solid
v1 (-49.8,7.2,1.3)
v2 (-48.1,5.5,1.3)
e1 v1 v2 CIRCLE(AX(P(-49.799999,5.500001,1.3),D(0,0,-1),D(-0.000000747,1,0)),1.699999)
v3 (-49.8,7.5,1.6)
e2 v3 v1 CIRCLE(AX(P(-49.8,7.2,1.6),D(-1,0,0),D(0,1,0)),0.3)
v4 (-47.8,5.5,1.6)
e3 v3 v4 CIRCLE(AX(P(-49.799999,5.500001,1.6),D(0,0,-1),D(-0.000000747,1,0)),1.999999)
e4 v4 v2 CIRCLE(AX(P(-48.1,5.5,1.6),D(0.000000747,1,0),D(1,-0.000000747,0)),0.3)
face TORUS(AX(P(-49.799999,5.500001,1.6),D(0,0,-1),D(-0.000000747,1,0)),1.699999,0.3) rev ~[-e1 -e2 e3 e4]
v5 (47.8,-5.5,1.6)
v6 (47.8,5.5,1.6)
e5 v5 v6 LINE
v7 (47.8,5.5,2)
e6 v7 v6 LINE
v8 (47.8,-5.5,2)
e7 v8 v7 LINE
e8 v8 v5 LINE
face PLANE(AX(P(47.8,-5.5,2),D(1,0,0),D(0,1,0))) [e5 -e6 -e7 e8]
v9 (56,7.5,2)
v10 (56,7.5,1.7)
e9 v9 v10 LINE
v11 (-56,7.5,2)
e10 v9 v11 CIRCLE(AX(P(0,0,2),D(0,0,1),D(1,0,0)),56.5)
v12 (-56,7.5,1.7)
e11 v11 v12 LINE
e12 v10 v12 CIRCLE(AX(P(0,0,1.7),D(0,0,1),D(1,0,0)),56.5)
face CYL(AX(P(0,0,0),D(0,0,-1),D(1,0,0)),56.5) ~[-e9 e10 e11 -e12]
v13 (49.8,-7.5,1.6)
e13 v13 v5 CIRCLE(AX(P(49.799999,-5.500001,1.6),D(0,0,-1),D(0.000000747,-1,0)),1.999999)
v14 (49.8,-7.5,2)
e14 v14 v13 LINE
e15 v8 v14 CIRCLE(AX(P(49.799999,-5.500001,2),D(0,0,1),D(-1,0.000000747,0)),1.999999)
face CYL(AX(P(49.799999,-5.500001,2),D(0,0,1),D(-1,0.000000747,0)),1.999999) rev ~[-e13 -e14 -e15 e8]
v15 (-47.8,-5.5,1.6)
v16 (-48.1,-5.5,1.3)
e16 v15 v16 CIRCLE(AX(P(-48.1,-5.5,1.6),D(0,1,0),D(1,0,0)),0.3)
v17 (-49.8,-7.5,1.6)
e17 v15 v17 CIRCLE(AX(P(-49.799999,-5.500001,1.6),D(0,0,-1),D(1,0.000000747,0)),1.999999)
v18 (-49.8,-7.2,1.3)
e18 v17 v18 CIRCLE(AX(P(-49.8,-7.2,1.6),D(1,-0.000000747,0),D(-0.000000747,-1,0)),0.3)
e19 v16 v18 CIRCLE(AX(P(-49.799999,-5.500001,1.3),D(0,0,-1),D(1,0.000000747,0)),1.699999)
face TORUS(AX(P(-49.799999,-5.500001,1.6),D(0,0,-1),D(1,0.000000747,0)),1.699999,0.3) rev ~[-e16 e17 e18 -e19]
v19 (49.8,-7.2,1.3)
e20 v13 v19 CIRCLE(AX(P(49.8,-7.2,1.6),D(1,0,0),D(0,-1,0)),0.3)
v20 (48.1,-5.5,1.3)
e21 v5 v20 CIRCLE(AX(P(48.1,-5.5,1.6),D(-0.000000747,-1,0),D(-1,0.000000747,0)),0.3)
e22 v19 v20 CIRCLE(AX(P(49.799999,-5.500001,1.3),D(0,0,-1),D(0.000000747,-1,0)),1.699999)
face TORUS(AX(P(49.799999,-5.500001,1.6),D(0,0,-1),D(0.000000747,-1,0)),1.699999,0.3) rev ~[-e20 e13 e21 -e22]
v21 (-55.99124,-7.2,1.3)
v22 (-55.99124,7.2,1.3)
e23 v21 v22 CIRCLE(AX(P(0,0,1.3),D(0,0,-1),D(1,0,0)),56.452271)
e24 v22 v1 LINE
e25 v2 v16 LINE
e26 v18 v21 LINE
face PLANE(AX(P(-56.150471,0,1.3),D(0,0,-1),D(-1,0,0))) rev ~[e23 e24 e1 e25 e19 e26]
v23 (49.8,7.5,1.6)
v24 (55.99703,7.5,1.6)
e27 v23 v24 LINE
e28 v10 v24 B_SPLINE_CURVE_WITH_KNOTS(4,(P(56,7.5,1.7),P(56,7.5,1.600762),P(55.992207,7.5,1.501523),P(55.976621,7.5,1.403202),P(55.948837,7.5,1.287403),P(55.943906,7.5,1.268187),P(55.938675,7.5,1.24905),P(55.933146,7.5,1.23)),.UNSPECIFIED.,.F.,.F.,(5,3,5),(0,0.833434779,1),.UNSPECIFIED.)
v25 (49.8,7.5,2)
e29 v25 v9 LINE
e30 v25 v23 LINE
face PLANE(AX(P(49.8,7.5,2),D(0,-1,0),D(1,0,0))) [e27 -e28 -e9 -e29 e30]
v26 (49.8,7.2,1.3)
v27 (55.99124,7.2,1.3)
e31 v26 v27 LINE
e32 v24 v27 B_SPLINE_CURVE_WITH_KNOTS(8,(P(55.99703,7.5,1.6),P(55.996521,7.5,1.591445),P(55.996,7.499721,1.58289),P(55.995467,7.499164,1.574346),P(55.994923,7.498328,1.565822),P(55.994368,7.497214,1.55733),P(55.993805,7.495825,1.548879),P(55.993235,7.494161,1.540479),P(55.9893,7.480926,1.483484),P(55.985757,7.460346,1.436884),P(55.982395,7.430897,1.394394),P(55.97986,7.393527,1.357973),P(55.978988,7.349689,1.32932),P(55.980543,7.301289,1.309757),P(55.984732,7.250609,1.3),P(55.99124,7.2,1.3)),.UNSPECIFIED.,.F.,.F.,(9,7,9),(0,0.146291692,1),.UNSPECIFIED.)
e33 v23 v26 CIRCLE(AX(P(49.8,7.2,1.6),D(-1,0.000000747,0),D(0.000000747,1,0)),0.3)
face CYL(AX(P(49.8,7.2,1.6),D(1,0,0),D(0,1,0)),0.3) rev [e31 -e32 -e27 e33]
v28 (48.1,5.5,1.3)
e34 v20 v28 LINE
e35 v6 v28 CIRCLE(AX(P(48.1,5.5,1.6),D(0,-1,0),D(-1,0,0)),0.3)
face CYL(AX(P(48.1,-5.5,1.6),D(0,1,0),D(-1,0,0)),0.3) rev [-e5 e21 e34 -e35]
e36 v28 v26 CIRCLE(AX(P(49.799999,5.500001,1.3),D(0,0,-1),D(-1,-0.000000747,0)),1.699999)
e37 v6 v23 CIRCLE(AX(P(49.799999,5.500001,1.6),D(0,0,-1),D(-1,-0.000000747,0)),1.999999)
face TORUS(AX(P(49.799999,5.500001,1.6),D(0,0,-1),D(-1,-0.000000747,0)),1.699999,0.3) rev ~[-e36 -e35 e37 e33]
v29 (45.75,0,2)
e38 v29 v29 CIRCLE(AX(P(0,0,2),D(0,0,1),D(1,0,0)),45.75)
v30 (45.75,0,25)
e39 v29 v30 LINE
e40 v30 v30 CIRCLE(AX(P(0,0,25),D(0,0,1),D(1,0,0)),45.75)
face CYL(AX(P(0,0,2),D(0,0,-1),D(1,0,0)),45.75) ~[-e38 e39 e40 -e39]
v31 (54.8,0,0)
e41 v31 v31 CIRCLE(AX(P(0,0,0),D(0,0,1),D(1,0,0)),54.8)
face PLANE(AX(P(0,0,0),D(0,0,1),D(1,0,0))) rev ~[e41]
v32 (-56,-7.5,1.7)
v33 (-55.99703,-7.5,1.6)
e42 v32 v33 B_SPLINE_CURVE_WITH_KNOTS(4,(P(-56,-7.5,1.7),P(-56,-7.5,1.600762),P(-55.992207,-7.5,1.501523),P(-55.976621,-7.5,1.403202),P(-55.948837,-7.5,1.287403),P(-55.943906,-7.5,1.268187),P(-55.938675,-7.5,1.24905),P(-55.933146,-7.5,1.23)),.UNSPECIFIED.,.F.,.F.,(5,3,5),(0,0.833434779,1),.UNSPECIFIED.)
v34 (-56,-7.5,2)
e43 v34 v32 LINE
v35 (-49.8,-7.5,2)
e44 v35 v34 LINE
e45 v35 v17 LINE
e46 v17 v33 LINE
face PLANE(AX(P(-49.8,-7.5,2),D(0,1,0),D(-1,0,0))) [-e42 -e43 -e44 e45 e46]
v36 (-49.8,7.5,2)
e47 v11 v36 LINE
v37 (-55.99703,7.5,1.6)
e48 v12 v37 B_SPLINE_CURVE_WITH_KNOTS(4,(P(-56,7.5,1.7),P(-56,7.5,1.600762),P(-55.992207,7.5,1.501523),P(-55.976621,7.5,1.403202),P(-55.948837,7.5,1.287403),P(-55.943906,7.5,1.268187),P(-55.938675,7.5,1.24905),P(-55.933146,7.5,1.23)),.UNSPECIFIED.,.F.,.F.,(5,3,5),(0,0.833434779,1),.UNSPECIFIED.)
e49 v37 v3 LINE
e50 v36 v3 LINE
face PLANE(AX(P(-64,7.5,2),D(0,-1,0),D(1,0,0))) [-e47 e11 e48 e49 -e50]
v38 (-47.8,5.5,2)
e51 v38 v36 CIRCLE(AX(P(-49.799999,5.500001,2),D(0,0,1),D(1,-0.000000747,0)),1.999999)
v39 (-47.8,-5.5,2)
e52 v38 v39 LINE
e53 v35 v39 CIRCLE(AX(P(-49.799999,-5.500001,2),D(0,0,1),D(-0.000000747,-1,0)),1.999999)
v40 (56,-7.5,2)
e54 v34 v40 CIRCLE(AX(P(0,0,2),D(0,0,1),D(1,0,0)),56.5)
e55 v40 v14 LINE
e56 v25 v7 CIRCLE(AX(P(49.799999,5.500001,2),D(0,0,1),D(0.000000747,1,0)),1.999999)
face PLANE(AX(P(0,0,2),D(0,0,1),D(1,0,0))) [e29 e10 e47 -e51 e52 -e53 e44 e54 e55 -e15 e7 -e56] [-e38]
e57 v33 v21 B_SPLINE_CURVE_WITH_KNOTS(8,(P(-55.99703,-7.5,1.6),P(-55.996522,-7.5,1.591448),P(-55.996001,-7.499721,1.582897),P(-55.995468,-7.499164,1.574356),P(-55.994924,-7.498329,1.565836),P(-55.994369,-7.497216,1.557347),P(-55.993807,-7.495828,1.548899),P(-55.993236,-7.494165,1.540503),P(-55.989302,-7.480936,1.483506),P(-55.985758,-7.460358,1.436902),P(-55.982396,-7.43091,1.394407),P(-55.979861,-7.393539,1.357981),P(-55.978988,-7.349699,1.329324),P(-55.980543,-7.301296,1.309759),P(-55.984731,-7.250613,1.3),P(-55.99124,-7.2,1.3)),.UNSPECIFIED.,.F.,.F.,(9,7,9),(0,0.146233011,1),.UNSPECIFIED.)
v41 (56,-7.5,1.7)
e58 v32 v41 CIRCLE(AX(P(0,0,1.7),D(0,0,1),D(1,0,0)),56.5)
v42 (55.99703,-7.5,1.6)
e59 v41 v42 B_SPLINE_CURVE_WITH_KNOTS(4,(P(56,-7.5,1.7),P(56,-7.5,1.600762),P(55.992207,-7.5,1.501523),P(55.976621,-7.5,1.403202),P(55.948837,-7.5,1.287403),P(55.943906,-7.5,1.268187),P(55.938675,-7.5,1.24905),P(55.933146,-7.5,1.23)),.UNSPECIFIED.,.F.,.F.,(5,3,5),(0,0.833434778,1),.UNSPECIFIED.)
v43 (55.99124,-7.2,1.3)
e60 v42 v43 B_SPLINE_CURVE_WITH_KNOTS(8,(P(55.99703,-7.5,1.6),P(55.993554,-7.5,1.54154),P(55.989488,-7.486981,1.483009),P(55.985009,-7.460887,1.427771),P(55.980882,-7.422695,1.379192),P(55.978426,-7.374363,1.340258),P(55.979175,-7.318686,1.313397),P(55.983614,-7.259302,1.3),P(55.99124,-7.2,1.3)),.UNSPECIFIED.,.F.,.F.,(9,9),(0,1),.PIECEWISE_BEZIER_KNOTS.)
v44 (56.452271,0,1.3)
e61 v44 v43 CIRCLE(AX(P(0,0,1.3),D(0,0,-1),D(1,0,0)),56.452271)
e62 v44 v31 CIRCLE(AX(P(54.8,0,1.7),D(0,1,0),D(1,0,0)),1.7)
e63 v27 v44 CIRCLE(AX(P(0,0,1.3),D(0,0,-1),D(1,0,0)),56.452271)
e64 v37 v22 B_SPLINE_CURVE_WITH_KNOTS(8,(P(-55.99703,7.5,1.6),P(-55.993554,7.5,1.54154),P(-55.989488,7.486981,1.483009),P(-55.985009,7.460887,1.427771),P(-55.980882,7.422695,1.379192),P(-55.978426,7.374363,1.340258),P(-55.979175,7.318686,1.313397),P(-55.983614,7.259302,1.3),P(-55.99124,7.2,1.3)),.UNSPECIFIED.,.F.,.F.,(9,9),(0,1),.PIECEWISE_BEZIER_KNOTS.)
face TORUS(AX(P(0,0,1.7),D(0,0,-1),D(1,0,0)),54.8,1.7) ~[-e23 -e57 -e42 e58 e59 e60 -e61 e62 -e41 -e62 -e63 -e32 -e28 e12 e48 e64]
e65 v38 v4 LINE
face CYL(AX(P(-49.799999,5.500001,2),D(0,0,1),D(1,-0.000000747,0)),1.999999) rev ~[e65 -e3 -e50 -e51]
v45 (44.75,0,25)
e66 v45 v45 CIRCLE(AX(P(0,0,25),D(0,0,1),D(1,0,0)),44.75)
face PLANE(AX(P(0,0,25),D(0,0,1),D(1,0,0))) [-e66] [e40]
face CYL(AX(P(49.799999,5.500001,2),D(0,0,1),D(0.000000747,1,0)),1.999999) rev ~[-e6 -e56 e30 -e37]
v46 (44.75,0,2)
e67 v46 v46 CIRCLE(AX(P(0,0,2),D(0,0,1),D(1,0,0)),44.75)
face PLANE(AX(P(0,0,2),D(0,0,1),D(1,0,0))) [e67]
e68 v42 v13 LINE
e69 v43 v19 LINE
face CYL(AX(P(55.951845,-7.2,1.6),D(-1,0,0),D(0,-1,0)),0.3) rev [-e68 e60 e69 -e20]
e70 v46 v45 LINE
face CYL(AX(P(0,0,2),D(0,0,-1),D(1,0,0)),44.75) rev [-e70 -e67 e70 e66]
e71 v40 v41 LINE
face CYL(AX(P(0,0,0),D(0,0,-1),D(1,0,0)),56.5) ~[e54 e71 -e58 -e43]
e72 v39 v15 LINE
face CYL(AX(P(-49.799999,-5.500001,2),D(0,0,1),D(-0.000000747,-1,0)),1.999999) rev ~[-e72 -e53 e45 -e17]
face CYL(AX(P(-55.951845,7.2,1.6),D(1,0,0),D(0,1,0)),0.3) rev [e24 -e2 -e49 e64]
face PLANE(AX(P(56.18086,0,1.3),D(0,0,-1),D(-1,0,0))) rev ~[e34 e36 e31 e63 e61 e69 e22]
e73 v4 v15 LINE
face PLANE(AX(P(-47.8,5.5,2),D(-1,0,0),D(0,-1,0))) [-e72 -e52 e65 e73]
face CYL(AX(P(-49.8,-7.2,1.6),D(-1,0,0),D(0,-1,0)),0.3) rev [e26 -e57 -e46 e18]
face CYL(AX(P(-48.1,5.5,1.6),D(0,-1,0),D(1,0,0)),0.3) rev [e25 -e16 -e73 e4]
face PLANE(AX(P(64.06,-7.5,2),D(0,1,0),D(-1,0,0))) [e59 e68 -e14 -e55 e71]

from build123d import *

# Parameters (mm, degrees)
SKETCH_R      = 56.5
PAD_DEPTH     = 2
FILLET_R      = 1.7
SKETCH001_R   = 45.75
SKETCH001_R_2 = 44.75
PAD001_DEPTH  = 23
POCKET_DEPTH  = 0.7
FILLET001_R   = 0.3


with BuildPart() as part:
    # Sketch → Pad (new body)
    with BuildSketch(Plane.XY):
        Circle(SKETCH_R)
    extrude(amount=PAD_DEPTH)

    # Fillet
    fillet_edges = [part.edges().sort_by_distance(p)[0] for p in [
        (-56.5, 0, 0),
    ]]
    fillet(fillet_edges, radius=FILLET_R)

    # Sketch001 (on Face3 of Fillet) → Pad001 (join)
    with BuildSketch(Plane.XY.offset(2)):
        Circle(SKETCH001_R)
        Circle(SKETCH001_R_2, mode=Mode.SUBTRACT)
    extrude(amount=PAD001_DEPTH)

    # Sketch002 (on Face3 of Pad001) → Pocket (cut)
    with BuildSketch(Plane.XY.offset(2)):
        with BuildLine():
            Line((-64, 7.5), (-49.8, 7.5))
            ThreePointArc((-47.8, 5.5), (-48.385786, 6.914214), (-49.8, 7.5))
            Line((-47.8, 5.5), (-47.8, -5.5))
            ThreePointArc((-49.8, -7.5), (-48.385786, -6.914214), (-47.8, -5.5))
            Line((-49.8, -7.5), (-64, -7.5))
            Line((-64, -7.5), (-64, 7.5))
        make_face()
        with BuildLine():
            Line((49.8, 7.5), (64.06, 7.5))
            Line((64.06, 7.5), (64.06, -7.5))
            Line((64.06, -7.5), (49.8, -7.5))
            ThreePointArc((47.8, -5.5), (48.385786, -6.914214), (49.8, -7.5))
            Line((47.8, -5.5), (47.8, 5.5))
            ThreePointArc((49.8, 7.5), (48.385786, 6.914214), (47.8, 5.5))
        make_face()
    extrude(amount=-POCKET_DEPTH, mode=Mode.SUBTRACT)

    # Fillet001
    fillet001_edges = [part.edges().sort_by_distance(p)[0] for p in [
        (52.875922, 7.5, 1.3),
        (48.385786, 6.914214, 1.3),
        (47.8, 0, 1.3),
        (48.385786, -6.914214, 1.3),
        (52.875922, -7.5, 1.3),
        (-52.875922, 7.5, 1.3),
        (-48.385786, 6.914214, 1.3),
        (-47.8, 0, 1.3),
        (-48.385786, -6.914214, 1.3),
        (-52.875922, -7.5, 1.3),
    ]]
    fillet(fillet001_edges, radius=FILLET001_R)


solid = part.part
